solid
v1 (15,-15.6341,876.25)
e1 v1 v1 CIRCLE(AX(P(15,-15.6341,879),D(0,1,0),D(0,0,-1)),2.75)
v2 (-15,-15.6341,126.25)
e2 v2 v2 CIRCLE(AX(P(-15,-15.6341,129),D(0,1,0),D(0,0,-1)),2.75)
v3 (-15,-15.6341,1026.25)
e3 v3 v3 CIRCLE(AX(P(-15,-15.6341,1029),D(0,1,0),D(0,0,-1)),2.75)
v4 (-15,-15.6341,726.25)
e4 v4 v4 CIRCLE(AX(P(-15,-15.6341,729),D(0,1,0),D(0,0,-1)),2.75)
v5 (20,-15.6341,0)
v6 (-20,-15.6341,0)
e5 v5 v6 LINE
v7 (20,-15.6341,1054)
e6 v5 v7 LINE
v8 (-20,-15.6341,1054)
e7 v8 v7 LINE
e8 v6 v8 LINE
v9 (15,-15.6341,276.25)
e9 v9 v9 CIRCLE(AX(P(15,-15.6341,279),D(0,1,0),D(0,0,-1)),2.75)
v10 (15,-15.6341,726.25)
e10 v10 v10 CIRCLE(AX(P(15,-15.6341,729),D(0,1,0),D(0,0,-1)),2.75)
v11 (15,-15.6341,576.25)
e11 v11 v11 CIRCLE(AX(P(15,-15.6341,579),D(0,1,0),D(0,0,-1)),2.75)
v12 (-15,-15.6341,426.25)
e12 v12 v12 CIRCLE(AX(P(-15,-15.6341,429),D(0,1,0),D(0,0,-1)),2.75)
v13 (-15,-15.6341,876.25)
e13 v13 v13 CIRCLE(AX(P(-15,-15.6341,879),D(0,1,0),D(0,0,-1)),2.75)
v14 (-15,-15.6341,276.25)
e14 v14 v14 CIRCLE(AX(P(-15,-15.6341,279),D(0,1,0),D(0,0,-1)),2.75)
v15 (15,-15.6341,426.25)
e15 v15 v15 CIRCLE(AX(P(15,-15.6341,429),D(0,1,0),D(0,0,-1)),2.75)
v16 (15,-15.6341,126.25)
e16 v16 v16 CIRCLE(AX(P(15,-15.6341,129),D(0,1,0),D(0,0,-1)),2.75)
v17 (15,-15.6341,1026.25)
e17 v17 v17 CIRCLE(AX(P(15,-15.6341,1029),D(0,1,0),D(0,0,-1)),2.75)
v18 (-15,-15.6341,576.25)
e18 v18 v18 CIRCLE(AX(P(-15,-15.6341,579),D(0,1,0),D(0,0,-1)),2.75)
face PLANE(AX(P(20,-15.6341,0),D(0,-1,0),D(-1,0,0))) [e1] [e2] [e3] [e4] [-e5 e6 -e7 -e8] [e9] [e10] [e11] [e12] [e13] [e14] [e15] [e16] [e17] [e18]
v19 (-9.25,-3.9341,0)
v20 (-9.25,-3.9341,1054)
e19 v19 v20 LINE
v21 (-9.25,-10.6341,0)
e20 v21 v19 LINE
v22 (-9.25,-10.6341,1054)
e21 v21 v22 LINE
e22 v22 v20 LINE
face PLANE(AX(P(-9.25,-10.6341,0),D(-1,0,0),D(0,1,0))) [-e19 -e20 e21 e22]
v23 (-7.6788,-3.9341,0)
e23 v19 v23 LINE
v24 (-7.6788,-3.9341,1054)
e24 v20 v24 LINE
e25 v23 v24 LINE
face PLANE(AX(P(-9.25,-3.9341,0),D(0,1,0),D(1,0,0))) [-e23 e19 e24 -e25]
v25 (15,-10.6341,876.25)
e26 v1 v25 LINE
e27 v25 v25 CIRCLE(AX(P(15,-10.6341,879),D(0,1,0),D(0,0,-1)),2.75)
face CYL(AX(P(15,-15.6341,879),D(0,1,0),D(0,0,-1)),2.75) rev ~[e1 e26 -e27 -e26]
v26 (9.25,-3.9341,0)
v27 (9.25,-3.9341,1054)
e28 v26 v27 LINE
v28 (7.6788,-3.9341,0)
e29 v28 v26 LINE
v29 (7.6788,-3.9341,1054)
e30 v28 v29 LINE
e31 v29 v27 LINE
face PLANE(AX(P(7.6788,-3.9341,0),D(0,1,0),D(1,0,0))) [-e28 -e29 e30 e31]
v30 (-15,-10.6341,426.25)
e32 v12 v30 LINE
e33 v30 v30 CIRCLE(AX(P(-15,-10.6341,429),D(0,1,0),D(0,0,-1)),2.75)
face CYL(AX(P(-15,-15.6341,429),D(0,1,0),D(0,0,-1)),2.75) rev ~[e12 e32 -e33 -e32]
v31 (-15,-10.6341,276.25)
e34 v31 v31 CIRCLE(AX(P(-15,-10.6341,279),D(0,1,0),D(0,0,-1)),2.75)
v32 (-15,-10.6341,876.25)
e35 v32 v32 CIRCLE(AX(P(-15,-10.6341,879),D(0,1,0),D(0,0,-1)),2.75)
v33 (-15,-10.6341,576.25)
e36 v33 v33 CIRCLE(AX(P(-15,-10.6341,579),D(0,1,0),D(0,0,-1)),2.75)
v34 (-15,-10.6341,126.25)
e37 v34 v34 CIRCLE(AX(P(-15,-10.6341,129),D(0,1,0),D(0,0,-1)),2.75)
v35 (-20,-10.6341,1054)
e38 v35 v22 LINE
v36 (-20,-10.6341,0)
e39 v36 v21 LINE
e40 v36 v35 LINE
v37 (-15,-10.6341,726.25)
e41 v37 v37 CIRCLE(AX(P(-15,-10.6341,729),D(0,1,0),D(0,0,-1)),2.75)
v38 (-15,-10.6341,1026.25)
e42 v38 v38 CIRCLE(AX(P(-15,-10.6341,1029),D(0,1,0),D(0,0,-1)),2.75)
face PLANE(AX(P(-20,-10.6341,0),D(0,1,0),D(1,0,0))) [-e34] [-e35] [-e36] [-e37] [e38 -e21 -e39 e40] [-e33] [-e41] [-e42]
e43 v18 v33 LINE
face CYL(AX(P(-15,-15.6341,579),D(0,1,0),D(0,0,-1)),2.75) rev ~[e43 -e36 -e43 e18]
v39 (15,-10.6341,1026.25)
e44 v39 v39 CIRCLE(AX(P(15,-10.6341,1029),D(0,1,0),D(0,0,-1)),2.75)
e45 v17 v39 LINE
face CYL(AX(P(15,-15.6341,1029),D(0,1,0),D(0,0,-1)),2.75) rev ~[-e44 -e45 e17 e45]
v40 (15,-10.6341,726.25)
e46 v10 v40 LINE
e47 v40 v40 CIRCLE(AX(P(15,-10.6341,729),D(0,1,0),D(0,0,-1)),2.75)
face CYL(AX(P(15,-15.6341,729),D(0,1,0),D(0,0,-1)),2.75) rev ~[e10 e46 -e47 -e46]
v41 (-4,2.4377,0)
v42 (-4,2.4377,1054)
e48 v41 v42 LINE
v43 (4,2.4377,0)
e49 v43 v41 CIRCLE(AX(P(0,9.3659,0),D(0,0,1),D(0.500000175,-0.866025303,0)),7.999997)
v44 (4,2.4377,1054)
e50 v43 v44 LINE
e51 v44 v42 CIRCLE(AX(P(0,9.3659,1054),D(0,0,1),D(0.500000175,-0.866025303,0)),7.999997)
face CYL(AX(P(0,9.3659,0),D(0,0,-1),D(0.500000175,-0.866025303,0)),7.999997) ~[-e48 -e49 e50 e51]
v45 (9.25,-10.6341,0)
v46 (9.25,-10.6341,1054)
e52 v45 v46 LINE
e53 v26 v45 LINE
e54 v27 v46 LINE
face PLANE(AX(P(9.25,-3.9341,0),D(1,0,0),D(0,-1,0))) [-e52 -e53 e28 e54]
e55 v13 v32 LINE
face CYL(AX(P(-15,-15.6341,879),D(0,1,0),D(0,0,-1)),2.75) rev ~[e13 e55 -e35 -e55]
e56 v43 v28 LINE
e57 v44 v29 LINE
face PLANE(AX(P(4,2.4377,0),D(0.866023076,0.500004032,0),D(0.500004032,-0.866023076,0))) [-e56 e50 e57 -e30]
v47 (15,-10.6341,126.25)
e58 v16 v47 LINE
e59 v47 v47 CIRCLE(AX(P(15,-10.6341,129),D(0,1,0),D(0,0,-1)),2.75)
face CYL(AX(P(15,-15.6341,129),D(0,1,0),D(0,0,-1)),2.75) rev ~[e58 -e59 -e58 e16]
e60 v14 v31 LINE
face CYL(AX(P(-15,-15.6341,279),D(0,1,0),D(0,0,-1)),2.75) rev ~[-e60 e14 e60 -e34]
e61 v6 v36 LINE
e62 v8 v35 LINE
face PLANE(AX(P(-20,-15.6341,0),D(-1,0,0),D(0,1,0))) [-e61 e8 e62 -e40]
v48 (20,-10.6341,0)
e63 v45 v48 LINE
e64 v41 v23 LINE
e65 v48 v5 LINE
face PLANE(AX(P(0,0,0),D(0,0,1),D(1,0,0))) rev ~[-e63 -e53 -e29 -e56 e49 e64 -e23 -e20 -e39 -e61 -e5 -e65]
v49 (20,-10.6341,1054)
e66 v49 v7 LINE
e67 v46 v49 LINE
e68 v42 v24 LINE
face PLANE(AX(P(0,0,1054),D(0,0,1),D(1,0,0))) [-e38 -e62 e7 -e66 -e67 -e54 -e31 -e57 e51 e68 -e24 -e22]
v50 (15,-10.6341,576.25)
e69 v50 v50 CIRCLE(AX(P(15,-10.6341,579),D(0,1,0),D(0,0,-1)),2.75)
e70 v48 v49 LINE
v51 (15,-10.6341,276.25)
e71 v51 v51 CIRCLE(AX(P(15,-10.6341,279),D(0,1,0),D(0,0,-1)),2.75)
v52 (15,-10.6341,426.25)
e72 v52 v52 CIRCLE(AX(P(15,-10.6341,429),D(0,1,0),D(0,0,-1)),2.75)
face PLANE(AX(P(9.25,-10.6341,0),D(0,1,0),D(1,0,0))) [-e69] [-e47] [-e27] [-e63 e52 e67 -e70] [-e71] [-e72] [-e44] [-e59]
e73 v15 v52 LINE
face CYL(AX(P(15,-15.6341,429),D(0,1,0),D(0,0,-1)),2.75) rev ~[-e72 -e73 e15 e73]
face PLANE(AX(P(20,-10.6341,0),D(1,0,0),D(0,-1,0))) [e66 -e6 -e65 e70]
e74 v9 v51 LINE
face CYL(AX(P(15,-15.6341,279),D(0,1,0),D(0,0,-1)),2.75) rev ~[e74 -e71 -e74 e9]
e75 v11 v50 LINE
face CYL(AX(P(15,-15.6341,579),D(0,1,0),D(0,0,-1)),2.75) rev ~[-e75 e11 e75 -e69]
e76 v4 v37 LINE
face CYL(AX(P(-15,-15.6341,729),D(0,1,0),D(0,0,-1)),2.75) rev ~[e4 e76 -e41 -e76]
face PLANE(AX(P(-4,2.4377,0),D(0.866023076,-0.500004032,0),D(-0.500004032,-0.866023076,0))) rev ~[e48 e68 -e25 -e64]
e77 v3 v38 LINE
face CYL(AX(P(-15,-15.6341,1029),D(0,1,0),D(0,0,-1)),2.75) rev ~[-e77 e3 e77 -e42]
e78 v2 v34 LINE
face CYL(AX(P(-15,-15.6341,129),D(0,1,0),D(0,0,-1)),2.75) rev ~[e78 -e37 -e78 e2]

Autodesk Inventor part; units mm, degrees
ref_plane "YZ Plane" through (0, 0, 0) normal (1, 0, 0) x (0, 1, 0)
ref_plane "XZ Plane" through (0, 0, 0) normal (0, 1, 0) x (-1, 0, 0)
ref_plane "XY Plane" through (0, 0, 0) normal (0, 0, 1) x (1, 0, 0)
sketch "Esboço1" plane through (0, 0, 0) normal (0, 0, 1) x (1, 0, 0)
  arc A0 (4, 2.4377) -> (-4, 2.4377) centre (0, 9.3659) ccw
  line L0 (9.25, -3.9341) -> (9.25, -10.6341)
  line L1 (-9.25, -10.6341) -> (-9.25, -3.9341)
  line L2 (4, -15.6341) -> (-4, -15.6341)
  line L3 (20, -15.6341) -> (-20, -15.6341)
  line L4 (-20, -15.6341) -> (-20, -10.6341)
  line L5 (20, -10.6341) -> (20, -15.6341)
  line L6 (7.6788, -3.9341) -> (9.25, -3.9341)
  line L7 (-9.25, -3.9341) -> (-7.6788, -3.9341)
  line L8 (9.25, -10.6341) -> (20, -10.6341)
  line L9 (-20, -10.6341) -> (-9.25, -10.6341)
  line L10 (-4, 2.4377) -> (-7.6788, -3.9341)
  line L11 (-17.4151, -20.798) -> (-22.4188, -29.4646)
  line L12 (17.4151, -20.798) -> (23.6527, -31.6017)
  line L13 (9.25, -15.6341) -> (4, -15.6341)
  line L14 (0, -15.6341) -> (-9.25, -15.6341)
  line L15 (4, 2.4377) -> (7.6788, -3.9341)
  dimension "d6" = 16
  dimension "d7" = 25
  dimension "d8" = 18.5
  dimension "d9" = 11.7
  dimension "d10" = 8
  dimension "d13" = 5
  dimension "d14" = 40
extrude "Extrusão1" add sketch "Esboço1" along normal blind 1054
sketch "Esboço3" plane through (-20, -15.6341, 0) normal (0, -1, 0) x (1, 0, 0)
  line L0 (0, 1054) -> (40, 1054) construction
  line L1 (20, 1054) -> (20, 0) construction
  line L2 (20, 1029) -> (5, 1029) construction
  line L3 (5, 1029) -> (20, 1029) construction
  line L4 (20, 1029) -> (35, 1029) construction
  circle A0 centre (5, 1029) radius 2.75
  circle A1 centre (35, 1029) radius 2.75
  line L5 (40, 0) -> (0, 0) construction
  line L6 (35, 1054) -> (35, 0) construction
  line L7 (5, 1054) -> (5, 0) construction
  point P0 (5, 879)
  point P1 (35, 879)
  point P2 (5, 729)
  point P3 (35, 729)
  point P4 (5, 579)
  point P5 (35, 579)
  point P6 (5, 429)
  point P7 (35, 429)
  point P8 (5, 279)
  point P9 (35, 279)
  point P10 (5, 129)
  point P11 (35, 129)
  dimension "d18" = 15
  dimension "d19" = 15
  dimension "d20" = 5.5
  dimension "d21" = 5.5
  dimension "d22" = 25
  dimension "d39" = 150
hole "Furo2" at (-15, -15.6341, 279) at (15, -15.6341, 279) at (15, -15.6341, 129) at (-15, -15.6341, 129) at (15, -15.6341, 429) at (-15, -15.6341, 429) at (15, -15.6341, 579) at (-15, -15.6341, 579) at (15, -15.6341, 729) at (-15, -15.6341, 729) at (-15, -15.6341, 879) at (15, -15.6341, 879) at (15, -15.6341, 1029) at (-15, -15.6341, 1029) direction (0, 1, 0) diameter 5.5 end through all
properties part number "SBR16_EIXO_Y_1"
